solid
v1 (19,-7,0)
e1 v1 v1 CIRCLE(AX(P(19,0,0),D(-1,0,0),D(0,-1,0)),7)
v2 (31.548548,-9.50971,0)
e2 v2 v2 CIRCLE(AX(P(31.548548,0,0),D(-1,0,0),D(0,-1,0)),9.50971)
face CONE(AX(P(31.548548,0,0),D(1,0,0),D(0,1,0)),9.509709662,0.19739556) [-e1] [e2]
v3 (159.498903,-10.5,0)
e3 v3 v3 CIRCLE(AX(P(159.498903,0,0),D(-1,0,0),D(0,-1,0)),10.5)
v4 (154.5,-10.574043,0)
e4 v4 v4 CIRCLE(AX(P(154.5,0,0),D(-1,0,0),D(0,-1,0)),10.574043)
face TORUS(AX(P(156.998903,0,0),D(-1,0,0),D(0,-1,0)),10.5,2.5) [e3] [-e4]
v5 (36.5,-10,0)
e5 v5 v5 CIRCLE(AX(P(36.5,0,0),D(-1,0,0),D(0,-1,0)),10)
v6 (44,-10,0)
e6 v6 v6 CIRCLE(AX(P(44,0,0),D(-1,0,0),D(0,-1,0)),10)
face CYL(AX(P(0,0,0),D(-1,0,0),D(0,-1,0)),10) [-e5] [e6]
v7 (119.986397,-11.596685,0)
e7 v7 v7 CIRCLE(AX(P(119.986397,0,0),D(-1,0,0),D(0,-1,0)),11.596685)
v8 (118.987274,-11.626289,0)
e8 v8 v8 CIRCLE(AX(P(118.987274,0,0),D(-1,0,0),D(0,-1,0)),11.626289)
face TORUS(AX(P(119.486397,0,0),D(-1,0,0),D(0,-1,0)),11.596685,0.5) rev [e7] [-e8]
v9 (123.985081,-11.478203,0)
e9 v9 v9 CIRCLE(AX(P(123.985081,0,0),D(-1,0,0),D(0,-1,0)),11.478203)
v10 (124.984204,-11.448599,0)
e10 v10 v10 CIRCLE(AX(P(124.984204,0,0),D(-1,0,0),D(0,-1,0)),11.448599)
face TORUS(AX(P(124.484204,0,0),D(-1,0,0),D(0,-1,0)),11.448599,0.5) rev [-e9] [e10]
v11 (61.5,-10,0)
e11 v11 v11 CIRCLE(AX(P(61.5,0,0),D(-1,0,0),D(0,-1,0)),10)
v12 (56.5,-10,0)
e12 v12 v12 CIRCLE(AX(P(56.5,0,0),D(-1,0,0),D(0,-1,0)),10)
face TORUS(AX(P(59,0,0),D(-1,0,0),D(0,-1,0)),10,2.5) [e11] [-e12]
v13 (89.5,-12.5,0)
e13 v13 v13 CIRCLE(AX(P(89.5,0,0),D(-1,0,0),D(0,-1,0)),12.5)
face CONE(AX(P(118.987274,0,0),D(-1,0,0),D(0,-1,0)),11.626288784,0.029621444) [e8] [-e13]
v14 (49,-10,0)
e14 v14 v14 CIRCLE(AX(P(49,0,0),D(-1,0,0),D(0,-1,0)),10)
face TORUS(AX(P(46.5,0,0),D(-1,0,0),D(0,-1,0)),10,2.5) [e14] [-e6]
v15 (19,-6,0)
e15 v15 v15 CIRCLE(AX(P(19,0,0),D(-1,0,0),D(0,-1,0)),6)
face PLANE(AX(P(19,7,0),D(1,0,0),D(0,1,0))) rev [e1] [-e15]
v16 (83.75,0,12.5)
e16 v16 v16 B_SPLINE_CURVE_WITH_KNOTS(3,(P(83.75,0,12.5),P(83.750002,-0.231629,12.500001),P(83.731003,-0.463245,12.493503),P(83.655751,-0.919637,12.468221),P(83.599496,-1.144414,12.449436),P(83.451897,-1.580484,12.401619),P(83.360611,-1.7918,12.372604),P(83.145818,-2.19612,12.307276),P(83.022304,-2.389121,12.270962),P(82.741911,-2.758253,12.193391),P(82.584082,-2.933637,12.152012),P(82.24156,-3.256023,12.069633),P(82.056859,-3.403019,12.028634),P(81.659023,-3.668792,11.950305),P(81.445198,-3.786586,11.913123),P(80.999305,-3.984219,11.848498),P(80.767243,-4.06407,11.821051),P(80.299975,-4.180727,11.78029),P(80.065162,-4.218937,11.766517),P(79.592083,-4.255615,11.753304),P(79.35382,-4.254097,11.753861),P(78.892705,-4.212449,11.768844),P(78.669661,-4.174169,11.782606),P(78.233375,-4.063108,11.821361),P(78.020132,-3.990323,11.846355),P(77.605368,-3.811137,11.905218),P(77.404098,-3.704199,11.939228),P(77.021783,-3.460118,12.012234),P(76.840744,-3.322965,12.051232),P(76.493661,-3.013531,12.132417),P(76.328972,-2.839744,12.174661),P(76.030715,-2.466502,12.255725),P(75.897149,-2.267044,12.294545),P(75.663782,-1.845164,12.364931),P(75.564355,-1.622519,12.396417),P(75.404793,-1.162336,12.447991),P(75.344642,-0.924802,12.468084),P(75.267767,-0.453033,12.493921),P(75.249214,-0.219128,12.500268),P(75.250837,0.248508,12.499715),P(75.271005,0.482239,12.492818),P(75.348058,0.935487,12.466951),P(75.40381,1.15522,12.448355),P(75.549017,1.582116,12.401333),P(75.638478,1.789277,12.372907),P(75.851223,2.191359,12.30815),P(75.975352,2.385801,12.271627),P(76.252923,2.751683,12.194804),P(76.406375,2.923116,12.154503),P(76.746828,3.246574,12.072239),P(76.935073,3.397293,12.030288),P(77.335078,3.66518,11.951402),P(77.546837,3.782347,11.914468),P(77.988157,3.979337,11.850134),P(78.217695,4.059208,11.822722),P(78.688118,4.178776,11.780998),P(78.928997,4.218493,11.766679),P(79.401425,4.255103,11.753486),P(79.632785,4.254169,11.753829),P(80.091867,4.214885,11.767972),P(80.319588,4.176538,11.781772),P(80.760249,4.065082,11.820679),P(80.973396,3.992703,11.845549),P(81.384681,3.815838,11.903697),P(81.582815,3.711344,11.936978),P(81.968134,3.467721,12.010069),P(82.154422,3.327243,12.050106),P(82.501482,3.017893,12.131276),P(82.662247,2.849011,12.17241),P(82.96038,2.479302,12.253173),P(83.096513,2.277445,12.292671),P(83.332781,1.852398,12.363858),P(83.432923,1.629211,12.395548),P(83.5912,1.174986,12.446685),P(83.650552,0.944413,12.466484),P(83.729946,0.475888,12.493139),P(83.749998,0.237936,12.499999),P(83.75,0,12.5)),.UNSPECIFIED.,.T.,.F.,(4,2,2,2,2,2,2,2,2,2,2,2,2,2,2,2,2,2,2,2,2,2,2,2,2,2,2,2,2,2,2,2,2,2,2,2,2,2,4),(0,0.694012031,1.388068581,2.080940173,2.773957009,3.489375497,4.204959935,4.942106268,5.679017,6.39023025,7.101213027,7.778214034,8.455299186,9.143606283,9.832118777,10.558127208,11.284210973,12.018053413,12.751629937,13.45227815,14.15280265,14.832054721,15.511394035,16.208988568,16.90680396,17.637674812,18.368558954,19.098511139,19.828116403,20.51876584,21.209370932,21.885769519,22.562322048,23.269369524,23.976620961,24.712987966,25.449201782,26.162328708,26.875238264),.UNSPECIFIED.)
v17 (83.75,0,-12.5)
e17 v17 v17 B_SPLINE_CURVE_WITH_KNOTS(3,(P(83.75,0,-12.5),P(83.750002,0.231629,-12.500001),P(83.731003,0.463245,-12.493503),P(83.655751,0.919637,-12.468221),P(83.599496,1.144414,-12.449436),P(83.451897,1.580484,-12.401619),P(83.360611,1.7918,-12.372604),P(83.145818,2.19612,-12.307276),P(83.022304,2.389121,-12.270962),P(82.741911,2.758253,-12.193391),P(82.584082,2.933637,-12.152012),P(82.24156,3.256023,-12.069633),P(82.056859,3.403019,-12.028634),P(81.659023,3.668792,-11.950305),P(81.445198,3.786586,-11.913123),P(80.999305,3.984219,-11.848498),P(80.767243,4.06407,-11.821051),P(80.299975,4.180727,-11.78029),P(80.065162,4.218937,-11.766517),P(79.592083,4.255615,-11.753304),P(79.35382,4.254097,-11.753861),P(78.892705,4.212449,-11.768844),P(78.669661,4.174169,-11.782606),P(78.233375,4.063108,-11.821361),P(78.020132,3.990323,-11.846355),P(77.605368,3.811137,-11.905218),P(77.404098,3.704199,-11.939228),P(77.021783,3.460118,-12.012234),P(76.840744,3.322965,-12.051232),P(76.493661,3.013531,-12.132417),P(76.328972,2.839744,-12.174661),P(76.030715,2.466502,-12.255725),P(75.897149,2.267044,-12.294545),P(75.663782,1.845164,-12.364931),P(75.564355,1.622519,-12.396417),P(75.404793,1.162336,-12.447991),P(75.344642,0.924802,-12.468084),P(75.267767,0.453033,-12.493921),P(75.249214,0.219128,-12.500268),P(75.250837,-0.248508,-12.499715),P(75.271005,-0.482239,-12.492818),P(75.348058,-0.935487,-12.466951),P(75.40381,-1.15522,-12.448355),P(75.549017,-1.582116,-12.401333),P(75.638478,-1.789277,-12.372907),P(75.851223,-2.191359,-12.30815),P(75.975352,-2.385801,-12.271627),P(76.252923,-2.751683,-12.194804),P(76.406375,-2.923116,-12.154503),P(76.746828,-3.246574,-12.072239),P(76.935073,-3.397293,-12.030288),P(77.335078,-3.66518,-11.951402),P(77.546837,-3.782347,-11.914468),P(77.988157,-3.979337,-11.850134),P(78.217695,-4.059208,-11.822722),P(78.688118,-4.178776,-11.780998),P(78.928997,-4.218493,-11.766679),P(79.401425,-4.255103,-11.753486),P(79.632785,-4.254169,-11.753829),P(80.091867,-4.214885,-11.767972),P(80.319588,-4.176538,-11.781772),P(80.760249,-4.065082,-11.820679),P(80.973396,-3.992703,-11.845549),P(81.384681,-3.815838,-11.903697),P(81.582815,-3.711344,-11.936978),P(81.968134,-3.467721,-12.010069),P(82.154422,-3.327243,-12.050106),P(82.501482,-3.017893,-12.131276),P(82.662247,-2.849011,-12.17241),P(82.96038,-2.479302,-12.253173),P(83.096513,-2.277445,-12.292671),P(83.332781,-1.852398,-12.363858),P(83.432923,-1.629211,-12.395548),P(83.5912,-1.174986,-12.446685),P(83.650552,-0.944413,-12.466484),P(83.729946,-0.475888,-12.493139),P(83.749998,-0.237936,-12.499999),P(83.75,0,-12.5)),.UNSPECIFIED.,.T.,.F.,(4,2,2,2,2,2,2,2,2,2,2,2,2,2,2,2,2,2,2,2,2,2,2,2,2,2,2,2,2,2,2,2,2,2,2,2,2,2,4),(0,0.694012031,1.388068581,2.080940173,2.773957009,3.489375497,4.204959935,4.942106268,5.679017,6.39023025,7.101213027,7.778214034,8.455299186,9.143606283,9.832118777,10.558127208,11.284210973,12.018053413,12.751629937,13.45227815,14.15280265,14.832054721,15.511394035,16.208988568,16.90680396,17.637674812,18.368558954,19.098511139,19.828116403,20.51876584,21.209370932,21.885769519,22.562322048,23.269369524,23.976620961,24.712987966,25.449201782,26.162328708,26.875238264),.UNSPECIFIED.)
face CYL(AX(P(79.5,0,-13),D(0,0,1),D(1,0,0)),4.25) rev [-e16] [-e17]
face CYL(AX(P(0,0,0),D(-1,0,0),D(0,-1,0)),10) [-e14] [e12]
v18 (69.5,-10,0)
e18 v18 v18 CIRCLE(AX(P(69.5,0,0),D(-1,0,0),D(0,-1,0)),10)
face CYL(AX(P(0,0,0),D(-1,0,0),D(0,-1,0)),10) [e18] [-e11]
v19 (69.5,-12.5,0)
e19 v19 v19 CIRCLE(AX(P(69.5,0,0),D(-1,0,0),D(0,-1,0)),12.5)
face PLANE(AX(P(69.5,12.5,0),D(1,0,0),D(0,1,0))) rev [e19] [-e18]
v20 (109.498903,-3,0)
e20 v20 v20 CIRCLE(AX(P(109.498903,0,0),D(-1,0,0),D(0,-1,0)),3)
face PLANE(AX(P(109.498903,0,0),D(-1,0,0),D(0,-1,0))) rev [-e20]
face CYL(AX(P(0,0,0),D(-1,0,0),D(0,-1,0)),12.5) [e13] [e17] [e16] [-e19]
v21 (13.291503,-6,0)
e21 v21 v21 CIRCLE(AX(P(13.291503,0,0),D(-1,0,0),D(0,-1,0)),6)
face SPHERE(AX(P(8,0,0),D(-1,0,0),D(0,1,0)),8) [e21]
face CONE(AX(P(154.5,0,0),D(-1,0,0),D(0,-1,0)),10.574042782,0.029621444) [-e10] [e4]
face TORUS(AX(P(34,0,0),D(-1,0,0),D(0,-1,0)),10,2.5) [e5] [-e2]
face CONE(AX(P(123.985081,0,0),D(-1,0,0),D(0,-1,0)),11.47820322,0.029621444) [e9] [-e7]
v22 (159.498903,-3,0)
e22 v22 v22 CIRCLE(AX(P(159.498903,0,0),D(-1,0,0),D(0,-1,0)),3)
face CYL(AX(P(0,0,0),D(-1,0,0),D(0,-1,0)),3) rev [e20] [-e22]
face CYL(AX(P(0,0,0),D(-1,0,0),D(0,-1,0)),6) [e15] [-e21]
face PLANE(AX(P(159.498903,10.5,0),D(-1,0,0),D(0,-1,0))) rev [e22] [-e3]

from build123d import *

# Parameters (mm, degrees)
CUT_EXTRUDE7_DEPTH      = 161.554975497
CUT_EXTRUDE7_DEPTH_BACK = 161.554975497
SKETCH3_R               = 4.25


with BuildPart() as part:
    # Sketch2 → Revolve1 (revolve)
    with BuildSketch(Plane.XY, mode=Mode.PRIVATE) as revolve1_sk:
        with BuildLine():
            Line((0, 0), (109.498903293, 0))
            Line((109.498903293, 0), (109.498903293, 3))
            Line((109.498903293, 3), (159.498903293, 3))
            Line((159.498903293, 3), (159.498903293, 10.5))
            ThreePointArc((159.498903293, 10.5), (157.035928745, 12.999725808), (154.5, 10.574042782))
            Line((154.5, 10.574042782), (124.984203858, 11.448599099))
            ThreePointArc((124.984203858, 11.448599099), (124.469395302, 10.948818441), (123.985081032, 11.47820322))
            Line((123.985081032, 11.47820322), (119.986397273, 11.596684663))
            ThreePointArc((119.986397273, 11.596684663), (119.471588716, 11.096904005), (118.987274446, 11.626288784))
            Line((118.987274446, 11.626288784), (89.5, 12.5))
            Line((89.5, 12.5), (69.5, 12.5))
            Line((69.5, 12.5), (69.5, 10))
            Line((69.5, 10), (61.5, 10))
            ThreePointArc((61.5, 10), (59, 12.5), (56.5, 10))
            Line((56.5, 10), (49.032925475, 10))
            Line((49.032925475, 10), (49, 10))
            ThreePointArc((49, 10), (46.5, 12.5), (44, 10))
            Line((44, 10), (36.5, 10))
            ThreePointArc((36.5, 10), (33.753655955, 12.487833317), (31.548548311, 9.509709662))
            Line((31.548548311, 9.509709662), (19, 7))
            Line((19, 7), (19, 6))
            Line((19, 6), (13.291502622, 6))
            ThreePointArc((13.291502622, 6), (4.708497378, 7.291502622), (0, 0))
        make_face()
    revolve(revolve1_sk.sketch.rotate(Axis((0, 0, 0), (1, 0, 0)), 180), axis=Axis((0, 0, 0), (1, 0, 0)))

    # Sketch3 → Cut-Extrude7 (cut, two sides: drawn at the far end of the back side and taken through both)
    with BuildSketch(Plane.XY.offset(-CUT_EXTRUDE7_DEPTH_BACK)):
        with Locations((79.5, 0)):
            Circle(SKETCH3_R)
    extrude(amount=CUT_EXTRUDE7_DEPTH + CUT_EXTRUDE7_DEPTH_BACK, mode=Mode.SUBTRACT)


solid = part.part
